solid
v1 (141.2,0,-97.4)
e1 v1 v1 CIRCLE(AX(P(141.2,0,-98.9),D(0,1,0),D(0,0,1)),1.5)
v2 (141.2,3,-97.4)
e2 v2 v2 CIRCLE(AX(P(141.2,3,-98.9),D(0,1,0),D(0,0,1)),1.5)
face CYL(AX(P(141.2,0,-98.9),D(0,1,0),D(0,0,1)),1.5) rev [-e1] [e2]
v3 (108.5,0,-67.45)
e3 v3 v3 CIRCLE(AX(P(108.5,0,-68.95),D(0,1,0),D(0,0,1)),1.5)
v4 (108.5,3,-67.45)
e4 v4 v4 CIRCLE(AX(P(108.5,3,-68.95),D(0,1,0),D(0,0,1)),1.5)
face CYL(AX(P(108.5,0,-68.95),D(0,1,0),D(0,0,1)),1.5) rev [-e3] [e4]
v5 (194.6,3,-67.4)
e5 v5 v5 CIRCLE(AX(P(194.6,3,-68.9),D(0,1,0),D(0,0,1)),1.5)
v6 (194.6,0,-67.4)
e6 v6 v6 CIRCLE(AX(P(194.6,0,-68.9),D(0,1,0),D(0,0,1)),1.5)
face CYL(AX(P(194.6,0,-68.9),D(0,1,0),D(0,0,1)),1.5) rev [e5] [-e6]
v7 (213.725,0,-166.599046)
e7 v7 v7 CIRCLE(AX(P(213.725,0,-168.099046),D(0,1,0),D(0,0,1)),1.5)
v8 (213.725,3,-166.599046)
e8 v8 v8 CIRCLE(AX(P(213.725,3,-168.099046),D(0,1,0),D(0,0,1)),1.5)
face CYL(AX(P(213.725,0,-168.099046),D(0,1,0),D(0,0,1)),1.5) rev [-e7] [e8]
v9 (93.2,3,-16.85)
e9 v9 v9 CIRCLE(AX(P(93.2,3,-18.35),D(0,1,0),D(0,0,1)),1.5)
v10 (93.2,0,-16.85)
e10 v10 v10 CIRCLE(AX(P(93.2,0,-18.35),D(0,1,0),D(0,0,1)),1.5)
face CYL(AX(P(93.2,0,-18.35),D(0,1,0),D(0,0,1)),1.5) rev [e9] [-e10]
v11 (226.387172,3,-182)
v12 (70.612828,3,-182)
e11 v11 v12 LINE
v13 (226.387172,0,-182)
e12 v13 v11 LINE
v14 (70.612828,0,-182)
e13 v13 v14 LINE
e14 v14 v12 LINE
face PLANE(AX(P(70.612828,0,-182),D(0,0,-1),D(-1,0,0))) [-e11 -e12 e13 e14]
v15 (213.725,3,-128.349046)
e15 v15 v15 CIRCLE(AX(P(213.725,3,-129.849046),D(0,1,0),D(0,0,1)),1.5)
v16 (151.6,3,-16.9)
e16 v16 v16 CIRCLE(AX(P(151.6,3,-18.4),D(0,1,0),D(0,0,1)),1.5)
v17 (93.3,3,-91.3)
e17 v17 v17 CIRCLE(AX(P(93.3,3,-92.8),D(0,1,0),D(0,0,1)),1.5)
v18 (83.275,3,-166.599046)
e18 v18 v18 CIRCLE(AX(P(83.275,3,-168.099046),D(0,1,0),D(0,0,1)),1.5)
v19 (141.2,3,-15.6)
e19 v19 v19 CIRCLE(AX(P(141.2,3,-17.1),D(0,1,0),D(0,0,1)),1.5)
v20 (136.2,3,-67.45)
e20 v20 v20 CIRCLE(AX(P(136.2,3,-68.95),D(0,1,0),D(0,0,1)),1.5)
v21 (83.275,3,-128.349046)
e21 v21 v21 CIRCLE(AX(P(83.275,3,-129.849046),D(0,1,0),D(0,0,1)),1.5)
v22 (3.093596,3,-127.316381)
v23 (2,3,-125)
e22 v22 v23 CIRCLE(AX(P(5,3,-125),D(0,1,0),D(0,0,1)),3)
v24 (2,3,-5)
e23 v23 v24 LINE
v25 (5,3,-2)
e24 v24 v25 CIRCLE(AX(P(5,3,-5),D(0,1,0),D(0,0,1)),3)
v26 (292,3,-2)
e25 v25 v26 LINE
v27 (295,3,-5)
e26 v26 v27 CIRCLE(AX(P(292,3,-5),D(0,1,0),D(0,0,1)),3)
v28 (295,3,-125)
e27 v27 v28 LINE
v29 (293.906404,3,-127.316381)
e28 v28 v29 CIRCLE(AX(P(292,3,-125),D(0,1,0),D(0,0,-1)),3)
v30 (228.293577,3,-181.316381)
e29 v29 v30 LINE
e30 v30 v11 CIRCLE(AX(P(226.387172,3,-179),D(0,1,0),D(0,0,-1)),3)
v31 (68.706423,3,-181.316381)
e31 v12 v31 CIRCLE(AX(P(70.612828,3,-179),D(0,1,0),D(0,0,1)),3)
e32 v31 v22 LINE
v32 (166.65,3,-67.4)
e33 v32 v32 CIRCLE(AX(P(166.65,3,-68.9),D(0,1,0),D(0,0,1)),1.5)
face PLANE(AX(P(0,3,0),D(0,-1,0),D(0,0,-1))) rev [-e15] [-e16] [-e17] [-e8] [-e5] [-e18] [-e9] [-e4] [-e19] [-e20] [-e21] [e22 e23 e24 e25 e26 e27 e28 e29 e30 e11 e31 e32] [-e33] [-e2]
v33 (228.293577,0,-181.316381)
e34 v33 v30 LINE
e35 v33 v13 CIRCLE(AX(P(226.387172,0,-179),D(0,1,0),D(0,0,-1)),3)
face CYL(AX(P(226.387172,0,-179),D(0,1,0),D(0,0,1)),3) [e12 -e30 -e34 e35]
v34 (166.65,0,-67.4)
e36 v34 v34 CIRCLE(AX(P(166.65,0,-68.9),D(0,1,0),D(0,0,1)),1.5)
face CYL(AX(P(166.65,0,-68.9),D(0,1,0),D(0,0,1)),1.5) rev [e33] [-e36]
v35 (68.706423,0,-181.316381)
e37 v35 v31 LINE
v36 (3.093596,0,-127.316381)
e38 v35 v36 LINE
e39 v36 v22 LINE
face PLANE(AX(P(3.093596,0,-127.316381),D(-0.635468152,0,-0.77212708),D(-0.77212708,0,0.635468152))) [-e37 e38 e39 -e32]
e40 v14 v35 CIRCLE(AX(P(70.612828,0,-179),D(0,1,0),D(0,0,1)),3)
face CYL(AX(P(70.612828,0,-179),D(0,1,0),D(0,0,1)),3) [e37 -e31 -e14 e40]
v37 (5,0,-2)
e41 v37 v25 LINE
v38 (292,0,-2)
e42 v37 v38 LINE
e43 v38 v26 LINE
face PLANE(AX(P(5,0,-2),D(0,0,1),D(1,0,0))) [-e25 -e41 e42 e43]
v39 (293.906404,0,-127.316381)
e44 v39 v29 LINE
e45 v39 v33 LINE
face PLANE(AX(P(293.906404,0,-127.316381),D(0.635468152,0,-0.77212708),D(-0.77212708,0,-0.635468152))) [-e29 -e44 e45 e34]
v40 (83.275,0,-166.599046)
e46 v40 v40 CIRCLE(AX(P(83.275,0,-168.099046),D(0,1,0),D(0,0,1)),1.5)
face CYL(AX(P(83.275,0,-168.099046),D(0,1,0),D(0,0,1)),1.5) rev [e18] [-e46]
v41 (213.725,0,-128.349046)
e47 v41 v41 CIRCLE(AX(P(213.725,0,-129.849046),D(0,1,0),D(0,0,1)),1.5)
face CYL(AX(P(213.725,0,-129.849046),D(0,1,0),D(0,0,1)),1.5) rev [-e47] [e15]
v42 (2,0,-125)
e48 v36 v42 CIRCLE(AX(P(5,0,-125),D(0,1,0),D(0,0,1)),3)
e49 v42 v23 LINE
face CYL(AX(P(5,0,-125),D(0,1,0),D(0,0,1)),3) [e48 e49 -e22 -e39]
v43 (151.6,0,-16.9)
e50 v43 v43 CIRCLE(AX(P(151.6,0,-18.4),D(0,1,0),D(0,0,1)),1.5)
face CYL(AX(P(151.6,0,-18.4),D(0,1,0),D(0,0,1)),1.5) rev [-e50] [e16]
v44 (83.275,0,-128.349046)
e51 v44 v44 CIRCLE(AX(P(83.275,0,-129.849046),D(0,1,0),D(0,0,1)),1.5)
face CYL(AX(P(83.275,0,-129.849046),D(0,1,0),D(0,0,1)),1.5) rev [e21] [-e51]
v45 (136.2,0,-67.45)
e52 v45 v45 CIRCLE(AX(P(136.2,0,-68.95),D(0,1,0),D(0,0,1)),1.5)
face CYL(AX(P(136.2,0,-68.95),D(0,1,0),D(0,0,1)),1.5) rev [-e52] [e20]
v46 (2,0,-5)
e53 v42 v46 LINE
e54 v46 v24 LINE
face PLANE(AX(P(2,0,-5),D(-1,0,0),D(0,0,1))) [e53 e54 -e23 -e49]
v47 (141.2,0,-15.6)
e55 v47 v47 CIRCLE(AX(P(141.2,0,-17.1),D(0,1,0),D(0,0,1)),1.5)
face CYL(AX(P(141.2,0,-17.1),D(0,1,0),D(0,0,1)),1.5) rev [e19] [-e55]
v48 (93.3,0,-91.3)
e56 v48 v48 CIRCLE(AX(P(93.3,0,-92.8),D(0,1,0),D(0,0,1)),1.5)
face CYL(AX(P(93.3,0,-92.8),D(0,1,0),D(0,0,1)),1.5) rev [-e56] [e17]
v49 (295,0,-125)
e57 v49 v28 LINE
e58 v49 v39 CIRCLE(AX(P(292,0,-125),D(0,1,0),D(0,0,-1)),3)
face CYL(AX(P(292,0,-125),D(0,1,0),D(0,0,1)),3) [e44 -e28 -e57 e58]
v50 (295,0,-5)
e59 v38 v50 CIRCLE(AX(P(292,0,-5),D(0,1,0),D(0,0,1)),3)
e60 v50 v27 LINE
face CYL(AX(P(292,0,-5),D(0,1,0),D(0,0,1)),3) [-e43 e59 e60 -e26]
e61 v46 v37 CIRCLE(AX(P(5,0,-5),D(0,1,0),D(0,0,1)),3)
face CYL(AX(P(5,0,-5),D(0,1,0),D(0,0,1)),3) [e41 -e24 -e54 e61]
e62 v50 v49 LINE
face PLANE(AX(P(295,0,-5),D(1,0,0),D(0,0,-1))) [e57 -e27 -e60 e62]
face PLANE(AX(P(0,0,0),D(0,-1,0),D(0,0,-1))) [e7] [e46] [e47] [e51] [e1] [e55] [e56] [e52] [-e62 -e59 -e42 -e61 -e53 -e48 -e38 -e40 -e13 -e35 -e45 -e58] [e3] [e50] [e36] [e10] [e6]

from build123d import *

# Parameters (mm, degrees)
SKETCH1_W               = 297
SKETCH1_H               = 210
BOSS_EXTRUDE1_DEPTH     = 3
SKETCH2_OUTSIDE_W       = 371.752
SKETCH2_OUTSIDE_H       = 284.752
SKETCH2_OUTSIDE_R       = 1.5
LASER_CUT_PROFILE_DEPTH = 364.755412331


with BuildPart() as part:
    # Sketch1 → Boss-Extrude1 (new body)
    with BuildSketch(Plane(origin=(0, 0, 0), x_dir=(1, 0, 0), z_dir=(0, 1, 0))):
        with Locations((148.5, 105)):
            Rectangle(SKETCH1_W, SKETCH1_H)
    extrude(amount=BOSS_EXTRUDE1_DEPTH)

    # Sketch2 outside → Laser Cut Profile (cut, through all)
    # profile 1 of 14: a face of its own
    with BuildSketch(Plane(origin=(0, 3, 0), x_dir=(1, 0, 0), z_dir=(0, 1, 0))):
        with Locations((148.5, 105)):
            Rectangle(SKETCH2_OUTSIDE_W, SKETCH2_OUTSIDE_H)
        with BuildLine():
            Line((5, 2), (292, 2))
            ThreePointArc((292, 2), (294.121320344, 2.878679656), (295, 5))
            Line((295, 5), (295, 125))
            ThreePointArc((295, 125), (294.712859503, 126.280778403), (293.906404455, 127.316381241))
            Line((293.906404455, 127.316381241), (228.29357677, 181.316381241))
            ThreePointArc((228.29357677, 181.316381241), (227.399806572, 181.823928445), (226.387172315, 182))
            Line((226.387172315, 182), (70.612827685, 182))
            ThreePointArc((70.612827685, 182), (69.600193428, 181.823928445), (68.70642323, 181.316381241))
            Line((68.70642323, 181.316381241), (3.093595545, 127.316381241))
            ThreePointArc((3.093595545, 127.316381241), (2.287140497, 126.280778403), (2, 125))
            Line((2, 125), (2, 5))
            ThreePointArc((2, 5), (2.878679656, 2.878679656), (5, 2))
        make_face(mode=Mode.SUBTRACT)
    # profile 2 of 14: a face of its own
    with BuildSketch(Plane(origin=(0, 3, 0), x_dir=(1, 0, 0), z_dir=(0, 1, 0))):
        with Locations(Location((93.3, 92.8, 0), (0, 0, 270))):
            Circle(SKETCH2_OUTSIDE_R)
    # profile 3 of 14: a face of its own
    with BuildSketch(Plane(origin=(0, 3, 0), x_dir=(1, 0, 0), z_dir=(0, 1, 0))):
        with Locations(Location((141.2, 98.9, 0), (0, 0, 270))):
            Circle(SKETCH2_OUTSIDE_R)
    # profile 4 of 14: a face of its own
    with BuildSketch(Plane(origin=(0, 3, 0), x_dir=(1, 0, 0), z_dir=(0, 1, 0))):
        with Locations(Location((136.2, 68.95, 0), (0, 0, 270))):
            Circle(SKETCH2_OUTSIDE_R)
    # profile 5 of 14: a face of its own
    with BuildSketch(Plane(origin=(0, 3, 0), x_dir=(1, 0, 0), z_dir=(0, 1, 0))):
        with Locations(Location((108.5, 68.95, 0), (0, 0, 270))):
            Circle(SKETCH2_OUTSIDE_R)
    # profile 6 of 14: a face of its own
    with BuildSketch(Plane(origin=(0, 3, 0), x_dir=(1, 0, 0), z_dir=(0, 1, 0))):
        with Locations(Location((93.2, 18.35, 0), (0, 0, 270))):
            Circle(SKETCH2_OUTSIDE_R)
    # profile 7 of 14: a face of its own
    with BuildSketch(Plane(origin=(0, 3, 0), x_dir=(1, 0, 0), z_dir=(0, 1, 0))):
        with Locations(Location((141.2, 17.1, 0), (0, 0, 270))):
            Circle(SKETCH2_OUTSIDE_R)
    # profile 8 of 14: a face of its own
    with BuildSketch(Plane(origin=(0, 3, 0), x_dir=(1, 0, 0), z_dir=(0, 1, 0))):
        with Locations(Location((151.6, 18.4, 0), (0, 0, 270))):
            Circle(SKETCH2_OUTSIDE_R)
    # profile 9 of 14: a face of its own
    with BuildSketch(Plane(origin=(0, 3, 0), x_dir=(1, 0, 0), z_dir=(0, 1, 0))):
        with Locations(Location((166.65, 68.9, 0), (0, 0, 270))):
            Circle(SKETCH2_OUTSIDE_R)
    # profile 10 of 14: a face of its own
    with BuildSketch(Plane(origin=(0, 3, 0), x_dir=(1, 0, 0), z_dir=(0, 1, 0))):
        with Locations(Location((194.6, 68.9, 0), (0, 0, 270))):
            Circle(SKETCH2_OUTSIDE_R)
    # profile 11 of 14: a face of its own
    with BuildSketch(Plane(origin=(0, 3, 0), x_dir=(1, 0, 0), z_dir=(0, 1, 0))):
        with Locations(Location((83.275, 129.849046067, 0), (0, 0, 270))):
            Circle(SKETCH2_OUTSIDE_R)
    # profile 12 of 14: a face of its own
    with BuildSketch(Plane(origin=(0, 3, 0), x_dir=(1, 0, 0), z_dir=(0, 1, 0))):
        with Locations(Location((213.725, 129.849046067, 0), (0, 0, 270))):
            Circle(SKETCH2_OUTSIDE_R)
    # profile 13 of 14: a face of its own
    with BuildSketch(Plane(origin=(0, 3, 0), x_dir=(1, 0, 0), z_dir=(0, 1, 0))):
        with Locations(Location((83.275, 168.099046067, 0), (0, 0, 270))):
            Circle(SKETCH2_OUTSIDE_R)
    # profile 14 of 14: a face of its own
    with BuildSketch(Plane(origin=(0, 3, 0), x_dir=(1, 0, 0), z_dir=(0, 1, 0))):
        with Locations(Location((213.725, 168.099046067, 0), (0, 0, 270))):
            Circle(SKETCH2_OUTSIDE_R)
    extrude(amount=-LASER_CUT_PROFILE_DEPTH, mode=Mode.SUBTRACT)


solid = part.part
